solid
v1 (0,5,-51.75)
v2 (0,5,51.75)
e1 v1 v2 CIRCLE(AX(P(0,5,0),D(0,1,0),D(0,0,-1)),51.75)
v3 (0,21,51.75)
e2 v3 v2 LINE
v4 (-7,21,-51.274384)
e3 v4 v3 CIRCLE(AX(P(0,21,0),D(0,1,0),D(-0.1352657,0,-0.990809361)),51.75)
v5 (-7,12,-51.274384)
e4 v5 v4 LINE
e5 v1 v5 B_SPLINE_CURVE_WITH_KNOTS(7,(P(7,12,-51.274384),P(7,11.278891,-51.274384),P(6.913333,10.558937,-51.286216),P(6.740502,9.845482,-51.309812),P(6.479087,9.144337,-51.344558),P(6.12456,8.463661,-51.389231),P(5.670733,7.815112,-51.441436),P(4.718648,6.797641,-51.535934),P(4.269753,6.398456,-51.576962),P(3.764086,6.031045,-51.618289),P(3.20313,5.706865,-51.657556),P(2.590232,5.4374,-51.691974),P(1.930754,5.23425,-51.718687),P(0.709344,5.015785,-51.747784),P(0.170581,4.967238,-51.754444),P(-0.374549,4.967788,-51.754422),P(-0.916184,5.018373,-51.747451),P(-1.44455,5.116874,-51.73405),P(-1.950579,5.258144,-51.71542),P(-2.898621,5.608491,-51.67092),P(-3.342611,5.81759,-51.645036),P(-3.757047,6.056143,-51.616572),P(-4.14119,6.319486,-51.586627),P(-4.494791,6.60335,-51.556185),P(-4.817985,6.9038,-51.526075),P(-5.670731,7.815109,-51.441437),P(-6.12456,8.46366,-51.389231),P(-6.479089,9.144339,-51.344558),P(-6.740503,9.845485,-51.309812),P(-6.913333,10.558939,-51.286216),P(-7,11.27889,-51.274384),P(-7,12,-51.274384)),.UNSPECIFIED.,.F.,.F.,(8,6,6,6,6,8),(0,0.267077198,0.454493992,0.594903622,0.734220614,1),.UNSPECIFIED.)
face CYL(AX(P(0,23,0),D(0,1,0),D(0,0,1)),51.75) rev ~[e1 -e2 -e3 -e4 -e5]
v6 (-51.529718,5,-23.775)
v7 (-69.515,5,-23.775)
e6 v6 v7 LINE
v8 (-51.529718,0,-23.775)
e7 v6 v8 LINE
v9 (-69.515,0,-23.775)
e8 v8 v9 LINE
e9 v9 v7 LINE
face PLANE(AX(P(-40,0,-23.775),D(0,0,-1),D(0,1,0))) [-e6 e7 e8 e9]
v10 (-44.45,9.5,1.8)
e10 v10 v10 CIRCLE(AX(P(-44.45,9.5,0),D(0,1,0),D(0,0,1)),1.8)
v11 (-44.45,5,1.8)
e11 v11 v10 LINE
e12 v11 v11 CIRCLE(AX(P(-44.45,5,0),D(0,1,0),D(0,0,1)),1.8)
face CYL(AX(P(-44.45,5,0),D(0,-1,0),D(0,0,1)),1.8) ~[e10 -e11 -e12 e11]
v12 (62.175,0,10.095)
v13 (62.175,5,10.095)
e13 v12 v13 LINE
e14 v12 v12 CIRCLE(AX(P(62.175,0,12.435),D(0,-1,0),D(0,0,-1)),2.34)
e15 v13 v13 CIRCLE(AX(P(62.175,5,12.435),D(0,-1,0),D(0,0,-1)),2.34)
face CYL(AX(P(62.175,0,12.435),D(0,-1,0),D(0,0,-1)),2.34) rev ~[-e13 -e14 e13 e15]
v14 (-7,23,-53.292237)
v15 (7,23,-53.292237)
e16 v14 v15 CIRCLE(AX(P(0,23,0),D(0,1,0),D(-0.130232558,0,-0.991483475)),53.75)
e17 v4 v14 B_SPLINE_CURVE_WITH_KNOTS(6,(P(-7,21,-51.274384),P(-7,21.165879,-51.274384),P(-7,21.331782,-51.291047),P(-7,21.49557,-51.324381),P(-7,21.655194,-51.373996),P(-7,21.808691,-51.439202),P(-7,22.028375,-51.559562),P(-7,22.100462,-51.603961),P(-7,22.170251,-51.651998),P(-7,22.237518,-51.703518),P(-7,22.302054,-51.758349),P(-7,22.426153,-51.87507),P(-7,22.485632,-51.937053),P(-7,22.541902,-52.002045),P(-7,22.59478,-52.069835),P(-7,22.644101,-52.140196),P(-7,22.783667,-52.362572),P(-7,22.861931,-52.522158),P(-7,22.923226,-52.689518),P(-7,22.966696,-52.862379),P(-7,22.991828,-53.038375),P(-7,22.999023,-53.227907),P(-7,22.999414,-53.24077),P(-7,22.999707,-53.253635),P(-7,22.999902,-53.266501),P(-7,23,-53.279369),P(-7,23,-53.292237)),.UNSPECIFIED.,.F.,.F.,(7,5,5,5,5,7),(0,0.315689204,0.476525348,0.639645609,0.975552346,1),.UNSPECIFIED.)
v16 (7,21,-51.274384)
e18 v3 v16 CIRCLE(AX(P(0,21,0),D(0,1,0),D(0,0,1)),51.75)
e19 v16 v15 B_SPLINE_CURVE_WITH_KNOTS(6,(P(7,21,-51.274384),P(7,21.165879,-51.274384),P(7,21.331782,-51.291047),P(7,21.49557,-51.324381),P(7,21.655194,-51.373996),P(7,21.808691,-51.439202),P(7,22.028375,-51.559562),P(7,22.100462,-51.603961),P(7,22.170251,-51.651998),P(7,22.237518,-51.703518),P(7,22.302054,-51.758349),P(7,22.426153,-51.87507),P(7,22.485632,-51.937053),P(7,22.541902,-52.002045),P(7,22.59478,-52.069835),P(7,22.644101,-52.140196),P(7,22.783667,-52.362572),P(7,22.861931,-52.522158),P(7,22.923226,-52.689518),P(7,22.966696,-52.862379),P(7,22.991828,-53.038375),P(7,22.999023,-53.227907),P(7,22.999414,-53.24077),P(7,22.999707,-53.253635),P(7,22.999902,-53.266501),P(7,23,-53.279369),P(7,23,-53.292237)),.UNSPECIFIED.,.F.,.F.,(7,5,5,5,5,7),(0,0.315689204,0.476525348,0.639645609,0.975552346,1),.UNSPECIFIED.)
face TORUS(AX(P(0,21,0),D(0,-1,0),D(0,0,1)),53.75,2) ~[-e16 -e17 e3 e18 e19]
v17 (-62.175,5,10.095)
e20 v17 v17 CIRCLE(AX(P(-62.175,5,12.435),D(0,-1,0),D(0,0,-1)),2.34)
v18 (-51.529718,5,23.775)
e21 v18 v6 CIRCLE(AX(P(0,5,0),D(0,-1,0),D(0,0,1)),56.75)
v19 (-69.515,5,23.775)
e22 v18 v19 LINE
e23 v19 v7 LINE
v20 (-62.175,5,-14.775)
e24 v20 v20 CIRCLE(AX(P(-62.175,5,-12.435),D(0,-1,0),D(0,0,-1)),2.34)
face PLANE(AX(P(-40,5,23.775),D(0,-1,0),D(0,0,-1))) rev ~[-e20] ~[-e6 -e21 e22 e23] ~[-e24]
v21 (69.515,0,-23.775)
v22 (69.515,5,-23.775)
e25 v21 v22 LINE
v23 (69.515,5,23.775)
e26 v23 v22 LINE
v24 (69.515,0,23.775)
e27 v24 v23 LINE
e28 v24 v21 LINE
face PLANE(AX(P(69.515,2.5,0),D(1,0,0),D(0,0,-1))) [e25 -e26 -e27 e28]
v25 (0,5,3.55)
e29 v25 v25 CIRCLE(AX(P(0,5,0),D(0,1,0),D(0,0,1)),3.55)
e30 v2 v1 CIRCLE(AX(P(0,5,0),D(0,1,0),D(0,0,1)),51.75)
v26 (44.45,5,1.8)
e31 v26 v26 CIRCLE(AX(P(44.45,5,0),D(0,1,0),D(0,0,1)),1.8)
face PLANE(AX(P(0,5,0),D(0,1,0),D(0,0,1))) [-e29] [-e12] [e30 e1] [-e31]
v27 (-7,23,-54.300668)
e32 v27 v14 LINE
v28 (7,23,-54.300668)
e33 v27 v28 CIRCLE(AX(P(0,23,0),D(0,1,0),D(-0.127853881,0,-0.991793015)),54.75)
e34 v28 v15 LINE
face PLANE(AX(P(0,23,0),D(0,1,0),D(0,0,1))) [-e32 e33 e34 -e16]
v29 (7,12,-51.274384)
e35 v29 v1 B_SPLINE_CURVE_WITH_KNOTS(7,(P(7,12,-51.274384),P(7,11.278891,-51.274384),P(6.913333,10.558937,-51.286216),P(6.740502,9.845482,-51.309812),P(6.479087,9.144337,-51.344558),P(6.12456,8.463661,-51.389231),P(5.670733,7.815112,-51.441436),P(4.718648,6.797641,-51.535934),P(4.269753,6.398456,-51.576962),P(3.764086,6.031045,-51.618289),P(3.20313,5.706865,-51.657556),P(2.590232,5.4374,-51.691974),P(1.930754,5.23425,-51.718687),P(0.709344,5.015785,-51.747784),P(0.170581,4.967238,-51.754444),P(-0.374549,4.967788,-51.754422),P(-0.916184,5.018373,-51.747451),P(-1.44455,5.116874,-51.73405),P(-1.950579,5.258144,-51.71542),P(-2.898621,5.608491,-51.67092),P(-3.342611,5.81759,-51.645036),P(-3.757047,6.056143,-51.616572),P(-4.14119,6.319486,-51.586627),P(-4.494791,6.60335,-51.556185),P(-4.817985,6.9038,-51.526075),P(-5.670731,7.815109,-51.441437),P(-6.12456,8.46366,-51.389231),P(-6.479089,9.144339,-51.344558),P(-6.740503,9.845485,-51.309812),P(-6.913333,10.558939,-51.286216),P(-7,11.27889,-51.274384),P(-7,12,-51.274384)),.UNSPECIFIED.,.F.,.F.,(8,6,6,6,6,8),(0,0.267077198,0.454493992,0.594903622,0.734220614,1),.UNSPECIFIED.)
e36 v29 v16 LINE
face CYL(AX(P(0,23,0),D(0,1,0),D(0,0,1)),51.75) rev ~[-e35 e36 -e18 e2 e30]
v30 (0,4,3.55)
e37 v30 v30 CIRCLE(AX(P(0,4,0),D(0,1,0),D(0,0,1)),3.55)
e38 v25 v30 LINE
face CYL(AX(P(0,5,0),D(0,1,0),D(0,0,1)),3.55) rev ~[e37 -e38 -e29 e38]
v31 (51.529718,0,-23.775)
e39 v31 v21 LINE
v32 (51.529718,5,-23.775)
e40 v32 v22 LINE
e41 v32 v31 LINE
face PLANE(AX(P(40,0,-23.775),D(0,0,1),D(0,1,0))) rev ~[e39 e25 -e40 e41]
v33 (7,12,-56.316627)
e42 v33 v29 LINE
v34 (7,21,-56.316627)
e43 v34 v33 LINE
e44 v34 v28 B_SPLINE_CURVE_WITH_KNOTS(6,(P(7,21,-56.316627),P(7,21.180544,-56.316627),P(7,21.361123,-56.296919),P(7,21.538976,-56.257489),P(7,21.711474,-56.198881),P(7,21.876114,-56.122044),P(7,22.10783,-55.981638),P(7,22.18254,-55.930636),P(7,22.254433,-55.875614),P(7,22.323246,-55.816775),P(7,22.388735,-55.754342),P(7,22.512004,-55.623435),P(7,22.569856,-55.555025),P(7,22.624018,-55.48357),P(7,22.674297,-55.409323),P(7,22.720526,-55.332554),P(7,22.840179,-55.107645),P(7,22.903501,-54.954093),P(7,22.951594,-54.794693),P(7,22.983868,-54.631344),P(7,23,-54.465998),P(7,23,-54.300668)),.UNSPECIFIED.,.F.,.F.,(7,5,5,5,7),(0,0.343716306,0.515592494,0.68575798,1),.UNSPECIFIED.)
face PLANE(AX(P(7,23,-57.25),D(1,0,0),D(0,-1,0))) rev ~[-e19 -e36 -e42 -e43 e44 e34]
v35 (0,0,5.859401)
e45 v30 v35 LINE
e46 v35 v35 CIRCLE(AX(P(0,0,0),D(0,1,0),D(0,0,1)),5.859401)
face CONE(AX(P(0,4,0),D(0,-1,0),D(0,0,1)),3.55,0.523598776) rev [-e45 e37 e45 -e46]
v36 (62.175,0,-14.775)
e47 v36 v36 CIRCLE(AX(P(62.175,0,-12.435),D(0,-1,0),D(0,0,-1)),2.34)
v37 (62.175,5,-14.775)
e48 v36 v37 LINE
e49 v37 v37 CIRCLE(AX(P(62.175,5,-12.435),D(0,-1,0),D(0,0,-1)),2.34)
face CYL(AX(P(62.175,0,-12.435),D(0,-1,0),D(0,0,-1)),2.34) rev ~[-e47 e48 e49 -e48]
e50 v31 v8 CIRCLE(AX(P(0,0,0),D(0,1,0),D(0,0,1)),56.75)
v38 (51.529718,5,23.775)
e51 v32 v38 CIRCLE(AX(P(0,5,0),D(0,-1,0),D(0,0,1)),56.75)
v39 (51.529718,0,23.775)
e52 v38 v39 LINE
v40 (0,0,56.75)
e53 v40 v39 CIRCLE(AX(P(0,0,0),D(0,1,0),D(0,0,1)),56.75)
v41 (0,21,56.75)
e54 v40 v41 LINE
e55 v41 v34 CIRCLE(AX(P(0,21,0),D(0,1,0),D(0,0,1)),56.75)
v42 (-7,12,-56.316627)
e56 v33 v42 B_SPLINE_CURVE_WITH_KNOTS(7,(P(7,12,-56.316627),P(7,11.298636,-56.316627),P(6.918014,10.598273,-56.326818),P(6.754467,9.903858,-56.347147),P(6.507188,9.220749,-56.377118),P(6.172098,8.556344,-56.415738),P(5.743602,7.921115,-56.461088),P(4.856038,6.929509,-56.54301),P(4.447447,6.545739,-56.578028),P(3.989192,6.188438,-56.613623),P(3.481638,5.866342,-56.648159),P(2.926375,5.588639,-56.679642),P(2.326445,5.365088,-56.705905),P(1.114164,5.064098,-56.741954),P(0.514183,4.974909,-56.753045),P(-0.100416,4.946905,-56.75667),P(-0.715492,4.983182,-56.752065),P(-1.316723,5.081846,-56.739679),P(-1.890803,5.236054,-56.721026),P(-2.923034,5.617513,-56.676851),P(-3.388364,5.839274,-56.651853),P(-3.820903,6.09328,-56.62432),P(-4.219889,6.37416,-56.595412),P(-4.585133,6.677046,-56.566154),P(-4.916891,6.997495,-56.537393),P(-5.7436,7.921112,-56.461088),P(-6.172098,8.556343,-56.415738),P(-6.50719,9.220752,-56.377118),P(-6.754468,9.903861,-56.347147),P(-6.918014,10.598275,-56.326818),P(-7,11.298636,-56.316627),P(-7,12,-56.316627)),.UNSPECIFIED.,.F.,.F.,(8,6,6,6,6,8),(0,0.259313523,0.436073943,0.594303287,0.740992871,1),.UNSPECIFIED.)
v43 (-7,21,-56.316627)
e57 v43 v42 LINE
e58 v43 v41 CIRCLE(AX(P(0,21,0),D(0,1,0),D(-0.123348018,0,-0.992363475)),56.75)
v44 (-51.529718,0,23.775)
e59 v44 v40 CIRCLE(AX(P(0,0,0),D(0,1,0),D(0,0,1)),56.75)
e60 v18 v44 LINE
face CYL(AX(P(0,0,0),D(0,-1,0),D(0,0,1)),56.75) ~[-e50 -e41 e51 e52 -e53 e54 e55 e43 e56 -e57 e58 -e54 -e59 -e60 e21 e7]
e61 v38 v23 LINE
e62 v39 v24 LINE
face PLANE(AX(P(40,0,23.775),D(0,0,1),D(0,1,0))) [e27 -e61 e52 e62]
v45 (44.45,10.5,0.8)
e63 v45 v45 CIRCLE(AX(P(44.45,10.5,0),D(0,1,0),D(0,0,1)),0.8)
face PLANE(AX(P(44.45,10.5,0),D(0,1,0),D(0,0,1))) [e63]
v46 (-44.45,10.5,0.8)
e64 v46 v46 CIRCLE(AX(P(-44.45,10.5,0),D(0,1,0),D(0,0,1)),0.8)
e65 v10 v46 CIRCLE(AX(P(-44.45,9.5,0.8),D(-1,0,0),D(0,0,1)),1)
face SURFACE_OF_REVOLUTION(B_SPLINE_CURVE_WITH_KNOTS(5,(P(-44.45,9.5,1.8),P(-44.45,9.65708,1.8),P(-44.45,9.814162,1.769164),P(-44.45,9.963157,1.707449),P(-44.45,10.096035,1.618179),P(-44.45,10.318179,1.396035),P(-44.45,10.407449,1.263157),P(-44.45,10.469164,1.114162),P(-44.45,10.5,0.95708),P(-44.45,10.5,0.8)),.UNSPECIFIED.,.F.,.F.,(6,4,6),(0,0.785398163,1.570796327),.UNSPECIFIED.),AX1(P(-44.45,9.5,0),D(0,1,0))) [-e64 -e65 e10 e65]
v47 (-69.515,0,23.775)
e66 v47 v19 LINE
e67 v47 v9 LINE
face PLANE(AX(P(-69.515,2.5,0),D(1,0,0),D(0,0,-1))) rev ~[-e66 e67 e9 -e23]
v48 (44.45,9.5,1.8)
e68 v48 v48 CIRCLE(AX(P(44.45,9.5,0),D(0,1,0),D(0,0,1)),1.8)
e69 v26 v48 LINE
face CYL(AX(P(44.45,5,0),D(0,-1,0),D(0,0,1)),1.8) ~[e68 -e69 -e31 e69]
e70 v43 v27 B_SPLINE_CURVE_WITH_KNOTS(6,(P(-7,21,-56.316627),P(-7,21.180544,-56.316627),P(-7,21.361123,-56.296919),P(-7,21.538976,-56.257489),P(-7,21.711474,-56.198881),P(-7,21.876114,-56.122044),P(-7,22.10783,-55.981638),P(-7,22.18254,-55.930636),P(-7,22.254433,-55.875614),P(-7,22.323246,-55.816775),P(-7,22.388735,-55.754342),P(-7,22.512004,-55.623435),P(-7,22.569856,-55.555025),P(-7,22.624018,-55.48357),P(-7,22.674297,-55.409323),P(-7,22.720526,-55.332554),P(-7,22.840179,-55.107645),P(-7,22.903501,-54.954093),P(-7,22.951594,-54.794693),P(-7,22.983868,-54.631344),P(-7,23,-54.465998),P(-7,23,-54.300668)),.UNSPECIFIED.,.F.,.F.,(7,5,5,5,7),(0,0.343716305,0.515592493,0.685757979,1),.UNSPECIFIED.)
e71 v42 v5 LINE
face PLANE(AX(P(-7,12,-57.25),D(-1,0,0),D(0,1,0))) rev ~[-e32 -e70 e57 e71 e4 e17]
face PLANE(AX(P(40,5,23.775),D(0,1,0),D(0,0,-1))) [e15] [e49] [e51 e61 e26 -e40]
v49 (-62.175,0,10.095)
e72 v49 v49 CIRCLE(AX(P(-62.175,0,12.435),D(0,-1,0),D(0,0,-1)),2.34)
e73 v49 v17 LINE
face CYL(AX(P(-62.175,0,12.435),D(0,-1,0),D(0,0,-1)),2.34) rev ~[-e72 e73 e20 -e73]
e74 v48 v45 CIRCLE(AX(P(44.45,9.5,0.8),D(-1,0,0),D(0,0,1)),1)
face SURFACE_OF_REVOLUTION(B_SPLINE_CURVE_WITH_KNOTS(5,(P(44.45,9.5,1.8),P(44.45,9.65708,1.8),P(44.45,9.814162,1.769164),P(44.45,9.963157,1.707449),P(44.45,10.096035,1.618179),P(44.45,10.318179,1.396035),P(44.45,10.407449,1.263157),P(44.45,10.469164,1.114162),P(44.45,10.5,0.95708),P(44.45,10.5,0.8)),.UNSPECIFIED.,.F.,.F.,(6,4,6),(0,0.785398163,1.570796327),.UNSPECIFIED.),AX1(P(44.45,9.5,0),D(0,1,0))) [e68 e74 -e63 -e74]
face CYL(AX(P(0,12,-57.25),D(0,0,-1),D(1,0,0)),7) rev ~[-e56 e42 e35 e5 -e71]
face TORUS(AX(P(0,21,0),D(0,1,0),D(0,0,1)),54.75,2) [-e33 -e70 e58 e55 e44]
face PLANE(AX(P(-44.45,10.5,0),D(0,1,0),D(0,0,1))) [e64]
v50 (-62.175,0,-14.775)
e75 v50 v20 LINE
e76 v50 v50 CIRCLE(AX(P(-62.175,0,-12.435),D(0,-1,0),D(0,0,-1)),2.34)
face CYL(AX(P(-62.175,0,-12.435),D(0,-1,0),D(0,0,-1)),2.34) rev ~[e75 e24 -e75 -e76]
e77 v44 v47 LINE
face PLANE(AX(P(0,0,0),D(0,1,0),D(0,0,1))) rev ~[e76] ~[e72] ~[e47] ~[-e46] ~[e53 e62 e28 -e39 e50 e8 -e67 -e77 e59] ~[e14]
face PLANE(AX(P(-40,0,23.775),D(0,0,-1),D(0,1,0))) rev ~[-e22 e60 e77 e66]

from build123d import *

# Parameters (mm, degrees)
SKETCH1_R               = 56.75
BOSS_EXTRUDE3_DEPTH     = 23
SKETCH10_R              = 51.75
CUT_EXTRUDE3_DEPTH      = 18
SKETCH12_R              = 3.55
CUT_EXTRUDE4_DEPTH      = 83.250379938
SKETCH17_R              = 1.8
BOSS_EXTRUDE4_DEPTH     = 5.5
SKETCH18_R              = 1.8
BOSS_EXTRUDE5_DEPTH     = 5.5
FILLET5_R               = 1
FILLET6_R               = 1
CUT_EXTRUDE5_DEPTH      = 3
CUT_EXTRUDE5_DEPTH_BACK = 3
FILLET7_R               = 2
FILLET8_R               = 2
CHAMFER1_SIZE           = 4
CHAMFER1_SIZE2          = 2.309401077
SKETCH34_W              = 47.55
SKETCH34_H              = 5
BOSS_EXTRUDE6_DEPTH     = 29.515
SKETCH35_W              = 47.55
SKETCH35_H              = 5
BOSS_EXTRUDE7_DEPTH     = 29.515
CUT_EXTRUDE6_REACH      = 94.639
SKETCH42_R              = 2.34
CUT_EXTRUDE7_REACH      = 94.639
SKETCH43_R              = 2.34
CUT_EXTRUDE8_REACH      = 94.639
SKETCH44_R              = 2.34
CUT_EXTRUDE9_REACH      = 94.639
SKETCH45_R              = 2.34


with BuildPart() as part:
    # Sketch1 → Boss-Extrude3 (new body)
    with BuildSketch(Plane(origin=(0, 0, 0), x_dir=(1, 0, 0), z_dir=(0, 1, 0))):
        Circle(SKETCH1_R)
    extrude(amount=BOSS_EXTRUDE3_DEPTH)

    # Sketch10 → Cut-Extrude3 (cut)
    with BuildSketch(Plane(origin=(0, 23, 0), x_dir=(1, 0, 0), z_dir=(0, 1, 0))):
        Circle(SKETCH10_R)
    extrude(amount=-CUT_EXTRUDE3_DEPTH, mode=Mode.SUBTRACT)

    # Sketch12 → Cut-Extrude4 (cut, through all)
    with BuildSketch(Plane(origin=(0, 5, 0), x_dir=(1, 0, 0), z_dir=(0, 1, 0))):
        Circle(SKETCH12_R)
    extrude(amount=-CUT_EXTRUDE4_DEPTH, mode=Mode.SUBTRACT)

    # Sketch17 → Boss-Extrude4 (add)
    with BuildSketch(Plane(origin=(0, 5, 0), x_dir=(1, 0, 0), z_dir=(0, 1, 0))):
        with Locations((-44.45, 0)):
            Circle(SKETCH17_R)
    extrude(amount=BOSS_EXTRUDE4_DEPTH)

    # Sketch18 → Boss-Extrude5 (add)
    with BuildSketch(Plane(origin=(0, 5, 0), x_dir=(1, 0, 0), z_dir=(0, 1, 0))):
        with Locations((44.45, 0)):
            Circle(SKETCH18_R)
    extrude(amount=BOSS_EXTRUDE5_DEPTH)

    # Fillet5
    fillet5_edges = [part.edges().sort_by_distance(p)[0] for p in [
        (-46.25, 10.5, 0),
    ]]
    fillet(fillet5_edges, radius=FILLET5_R)

    # Fillet6
    fillet6_edges = [part.edges().sort_by_distance(p)[0] for p in [
        (42.65, 10.5, 0),
    ]]
    fillet(fillet6_edges, radius=FILLET6_R)

    # Sketch27 → Cut-Extrude5 (cut, two sides: drawn at the far end of the back side and taken through both)
    with BuildSketch(Plane.XY.offset(-54.25).offset(-CUT_EXTRUDE5_DEPTH_BACK)):
        with BuildLine():
            Line((7, 23), (7, 12))
            ThreePointArc((7, 12), (0, 5), (-7, 12))
            Line((-7, 12), (-7, 23))
            ThreePointArc((-7, 23), (0, 30), (7, 23))
        make_face()
    extrude(amount=CUT_EXTRUDE5_DEPTH + CUT_EXTRUDE5_DEPTH_BACK, mode=Mode.SUBTRACT)

    # Fillet7
    fillet7_edges = [part.edges().sort_by_distance(p)[0] for p in [
        (-34.028021541, 23, 38.989181192),
    ]]
    fillet(fillet7_edges, radius=FILLET7_R)

    # Fillet8
    fillet8_edges = [part.edges().sort_by_distance(p)[0] for p in [
        (-37.572014186, 23, 42.531238519),
    ]]
    fillet(fillet8_edges, radius=FILLET8_R)

    # Chamfer1
    chamfer1_edges = [part.edges().sort_by_distance(p)[0] for p in [
        (-3.55, 0, 0),
    ]]
    chamfer1_side = [part.faces().sort_by_distance(p)[0] for p in [
        (-3.55, 2.5, 0),
    ]]
    chamfer(chamfer1_edges, length=CHAMFER1_SIZE, length2=CHAMFER1_SIZE2, reference=chamfer1_side[0])

    # Sketch34 → Boss-Extrude6 (add)
    with BuildSketch(Plane(origin=(-40, 0, 0), x_dir=(0, 0, -1), z_dir=(1, 0, 0))):
        with Locations((0, 2.5)):
            Rectangle(SKETCH34_W, SKETCH34_H)
    extrude(amount=-BOSS_EXTRUDE6_DEPTH)

    # Sketch35 → Boss-Extrude7 (add)
    with BuildSketch(Plane(origin=(40, 0, 0), x_dir=(0, 0, -1), z_dir=(1, 0, 0))):
        with Locations((0, 2.5)):
            Rectangle(SKETCH35_W, SKETCH35_H)
    extrude(amount=BOSS_EXTRUDE7_DEPTH)

    # Sketch42 → Cut-Extrude6 (cut, up to next)
    with BuildSketch(Plane.XZ, mode=Mode.PRIVATE) as cut_extrude6_sk1:
        with Locations((62.175, -12.435)):
            Circle(SKETCH42_R)
    cut_extrude6_tool1 = extrude(cut_extrude6_sk1.sketch, amount=-CUT_EXTRUDE6_REACH, mode=Mode.PRIVATE) & part.part
    add(cut_extrude6_tool1.solids().sort_by_distance((62.175, 0, -12.435))[0], mode=Mode.SUBTRACT)

    # Sketch43 → Cut-Extrude7 (cut, up to next)
    with BuildSketch(Plane(origin=(0, 0, 0), x_dir=(-1, 0, 0), z_dir=(0, -1, 0)), mode=Mode.PRIVATE) as cut_extrude7_sk1:
        with Locations((-62.175, -12.435)):
            Circle(SKETCH43_R)
    cut_extrude7_tool1 = extrude(cut_extrude7_sk1.sketch, amount=-CUT_EXTRUDE7_REACH, mode=Mode.PRIVATE) & part.part
    add(cut_extrude7_tool1.solids().sort_by_distance((62.175, 0, 12.435))[0], mode=Mode.SUBTRACT)

    # Sketch44 → Cut-Extrude8 (cut, up to next)
    with BuildSketch(Plane(origin=(0, 0, 0), x_dir=(-1, 0, 0), z_dir=(0, -1, 0)), mode=Mode.PRIVATE) as cut_extrude8_sk1:
        with Locations((62.175, 12.435)):
            Circle(SKETCH44_R)
    cut_extrude8_tool1 = extrude(cut_extrude8_sk1.sketch, amount=-CUT_EXTRUDE8_REACH, mode=Mode.PRIVATE) & part.part
    add(cut_extrude8_tool1.solids().sort_by_distance((-62.175, 0, -12.435))[0], mode=Mode.SUBTRACT)

    # Sketch45 → Cut-Extrude9 (cut, up to next)
    with BuildSketch(Plane(origin=(0, 0, 0), x_dir=(-1, 0, 0), z_dir=(0, -1, 0)), mode=Mode.PRIVATE) as cut_extrude9_sk1:
        with Locations((62.175, -12.435)):
            Circle(SKETCH45_R)
    cut_extrude9_tool1 = extrude(cut_extrude9_sk1.sketch, amount=-CUT_EXTRUDE9_REACH, mode=Mode.PRIVATE) & part.part
    add(cut_extrude9_tool1.solids().sort_by_distance((-62.175, 0, 12.435))[0], mode=Mode.SUBTRACT)


solid = part.part
